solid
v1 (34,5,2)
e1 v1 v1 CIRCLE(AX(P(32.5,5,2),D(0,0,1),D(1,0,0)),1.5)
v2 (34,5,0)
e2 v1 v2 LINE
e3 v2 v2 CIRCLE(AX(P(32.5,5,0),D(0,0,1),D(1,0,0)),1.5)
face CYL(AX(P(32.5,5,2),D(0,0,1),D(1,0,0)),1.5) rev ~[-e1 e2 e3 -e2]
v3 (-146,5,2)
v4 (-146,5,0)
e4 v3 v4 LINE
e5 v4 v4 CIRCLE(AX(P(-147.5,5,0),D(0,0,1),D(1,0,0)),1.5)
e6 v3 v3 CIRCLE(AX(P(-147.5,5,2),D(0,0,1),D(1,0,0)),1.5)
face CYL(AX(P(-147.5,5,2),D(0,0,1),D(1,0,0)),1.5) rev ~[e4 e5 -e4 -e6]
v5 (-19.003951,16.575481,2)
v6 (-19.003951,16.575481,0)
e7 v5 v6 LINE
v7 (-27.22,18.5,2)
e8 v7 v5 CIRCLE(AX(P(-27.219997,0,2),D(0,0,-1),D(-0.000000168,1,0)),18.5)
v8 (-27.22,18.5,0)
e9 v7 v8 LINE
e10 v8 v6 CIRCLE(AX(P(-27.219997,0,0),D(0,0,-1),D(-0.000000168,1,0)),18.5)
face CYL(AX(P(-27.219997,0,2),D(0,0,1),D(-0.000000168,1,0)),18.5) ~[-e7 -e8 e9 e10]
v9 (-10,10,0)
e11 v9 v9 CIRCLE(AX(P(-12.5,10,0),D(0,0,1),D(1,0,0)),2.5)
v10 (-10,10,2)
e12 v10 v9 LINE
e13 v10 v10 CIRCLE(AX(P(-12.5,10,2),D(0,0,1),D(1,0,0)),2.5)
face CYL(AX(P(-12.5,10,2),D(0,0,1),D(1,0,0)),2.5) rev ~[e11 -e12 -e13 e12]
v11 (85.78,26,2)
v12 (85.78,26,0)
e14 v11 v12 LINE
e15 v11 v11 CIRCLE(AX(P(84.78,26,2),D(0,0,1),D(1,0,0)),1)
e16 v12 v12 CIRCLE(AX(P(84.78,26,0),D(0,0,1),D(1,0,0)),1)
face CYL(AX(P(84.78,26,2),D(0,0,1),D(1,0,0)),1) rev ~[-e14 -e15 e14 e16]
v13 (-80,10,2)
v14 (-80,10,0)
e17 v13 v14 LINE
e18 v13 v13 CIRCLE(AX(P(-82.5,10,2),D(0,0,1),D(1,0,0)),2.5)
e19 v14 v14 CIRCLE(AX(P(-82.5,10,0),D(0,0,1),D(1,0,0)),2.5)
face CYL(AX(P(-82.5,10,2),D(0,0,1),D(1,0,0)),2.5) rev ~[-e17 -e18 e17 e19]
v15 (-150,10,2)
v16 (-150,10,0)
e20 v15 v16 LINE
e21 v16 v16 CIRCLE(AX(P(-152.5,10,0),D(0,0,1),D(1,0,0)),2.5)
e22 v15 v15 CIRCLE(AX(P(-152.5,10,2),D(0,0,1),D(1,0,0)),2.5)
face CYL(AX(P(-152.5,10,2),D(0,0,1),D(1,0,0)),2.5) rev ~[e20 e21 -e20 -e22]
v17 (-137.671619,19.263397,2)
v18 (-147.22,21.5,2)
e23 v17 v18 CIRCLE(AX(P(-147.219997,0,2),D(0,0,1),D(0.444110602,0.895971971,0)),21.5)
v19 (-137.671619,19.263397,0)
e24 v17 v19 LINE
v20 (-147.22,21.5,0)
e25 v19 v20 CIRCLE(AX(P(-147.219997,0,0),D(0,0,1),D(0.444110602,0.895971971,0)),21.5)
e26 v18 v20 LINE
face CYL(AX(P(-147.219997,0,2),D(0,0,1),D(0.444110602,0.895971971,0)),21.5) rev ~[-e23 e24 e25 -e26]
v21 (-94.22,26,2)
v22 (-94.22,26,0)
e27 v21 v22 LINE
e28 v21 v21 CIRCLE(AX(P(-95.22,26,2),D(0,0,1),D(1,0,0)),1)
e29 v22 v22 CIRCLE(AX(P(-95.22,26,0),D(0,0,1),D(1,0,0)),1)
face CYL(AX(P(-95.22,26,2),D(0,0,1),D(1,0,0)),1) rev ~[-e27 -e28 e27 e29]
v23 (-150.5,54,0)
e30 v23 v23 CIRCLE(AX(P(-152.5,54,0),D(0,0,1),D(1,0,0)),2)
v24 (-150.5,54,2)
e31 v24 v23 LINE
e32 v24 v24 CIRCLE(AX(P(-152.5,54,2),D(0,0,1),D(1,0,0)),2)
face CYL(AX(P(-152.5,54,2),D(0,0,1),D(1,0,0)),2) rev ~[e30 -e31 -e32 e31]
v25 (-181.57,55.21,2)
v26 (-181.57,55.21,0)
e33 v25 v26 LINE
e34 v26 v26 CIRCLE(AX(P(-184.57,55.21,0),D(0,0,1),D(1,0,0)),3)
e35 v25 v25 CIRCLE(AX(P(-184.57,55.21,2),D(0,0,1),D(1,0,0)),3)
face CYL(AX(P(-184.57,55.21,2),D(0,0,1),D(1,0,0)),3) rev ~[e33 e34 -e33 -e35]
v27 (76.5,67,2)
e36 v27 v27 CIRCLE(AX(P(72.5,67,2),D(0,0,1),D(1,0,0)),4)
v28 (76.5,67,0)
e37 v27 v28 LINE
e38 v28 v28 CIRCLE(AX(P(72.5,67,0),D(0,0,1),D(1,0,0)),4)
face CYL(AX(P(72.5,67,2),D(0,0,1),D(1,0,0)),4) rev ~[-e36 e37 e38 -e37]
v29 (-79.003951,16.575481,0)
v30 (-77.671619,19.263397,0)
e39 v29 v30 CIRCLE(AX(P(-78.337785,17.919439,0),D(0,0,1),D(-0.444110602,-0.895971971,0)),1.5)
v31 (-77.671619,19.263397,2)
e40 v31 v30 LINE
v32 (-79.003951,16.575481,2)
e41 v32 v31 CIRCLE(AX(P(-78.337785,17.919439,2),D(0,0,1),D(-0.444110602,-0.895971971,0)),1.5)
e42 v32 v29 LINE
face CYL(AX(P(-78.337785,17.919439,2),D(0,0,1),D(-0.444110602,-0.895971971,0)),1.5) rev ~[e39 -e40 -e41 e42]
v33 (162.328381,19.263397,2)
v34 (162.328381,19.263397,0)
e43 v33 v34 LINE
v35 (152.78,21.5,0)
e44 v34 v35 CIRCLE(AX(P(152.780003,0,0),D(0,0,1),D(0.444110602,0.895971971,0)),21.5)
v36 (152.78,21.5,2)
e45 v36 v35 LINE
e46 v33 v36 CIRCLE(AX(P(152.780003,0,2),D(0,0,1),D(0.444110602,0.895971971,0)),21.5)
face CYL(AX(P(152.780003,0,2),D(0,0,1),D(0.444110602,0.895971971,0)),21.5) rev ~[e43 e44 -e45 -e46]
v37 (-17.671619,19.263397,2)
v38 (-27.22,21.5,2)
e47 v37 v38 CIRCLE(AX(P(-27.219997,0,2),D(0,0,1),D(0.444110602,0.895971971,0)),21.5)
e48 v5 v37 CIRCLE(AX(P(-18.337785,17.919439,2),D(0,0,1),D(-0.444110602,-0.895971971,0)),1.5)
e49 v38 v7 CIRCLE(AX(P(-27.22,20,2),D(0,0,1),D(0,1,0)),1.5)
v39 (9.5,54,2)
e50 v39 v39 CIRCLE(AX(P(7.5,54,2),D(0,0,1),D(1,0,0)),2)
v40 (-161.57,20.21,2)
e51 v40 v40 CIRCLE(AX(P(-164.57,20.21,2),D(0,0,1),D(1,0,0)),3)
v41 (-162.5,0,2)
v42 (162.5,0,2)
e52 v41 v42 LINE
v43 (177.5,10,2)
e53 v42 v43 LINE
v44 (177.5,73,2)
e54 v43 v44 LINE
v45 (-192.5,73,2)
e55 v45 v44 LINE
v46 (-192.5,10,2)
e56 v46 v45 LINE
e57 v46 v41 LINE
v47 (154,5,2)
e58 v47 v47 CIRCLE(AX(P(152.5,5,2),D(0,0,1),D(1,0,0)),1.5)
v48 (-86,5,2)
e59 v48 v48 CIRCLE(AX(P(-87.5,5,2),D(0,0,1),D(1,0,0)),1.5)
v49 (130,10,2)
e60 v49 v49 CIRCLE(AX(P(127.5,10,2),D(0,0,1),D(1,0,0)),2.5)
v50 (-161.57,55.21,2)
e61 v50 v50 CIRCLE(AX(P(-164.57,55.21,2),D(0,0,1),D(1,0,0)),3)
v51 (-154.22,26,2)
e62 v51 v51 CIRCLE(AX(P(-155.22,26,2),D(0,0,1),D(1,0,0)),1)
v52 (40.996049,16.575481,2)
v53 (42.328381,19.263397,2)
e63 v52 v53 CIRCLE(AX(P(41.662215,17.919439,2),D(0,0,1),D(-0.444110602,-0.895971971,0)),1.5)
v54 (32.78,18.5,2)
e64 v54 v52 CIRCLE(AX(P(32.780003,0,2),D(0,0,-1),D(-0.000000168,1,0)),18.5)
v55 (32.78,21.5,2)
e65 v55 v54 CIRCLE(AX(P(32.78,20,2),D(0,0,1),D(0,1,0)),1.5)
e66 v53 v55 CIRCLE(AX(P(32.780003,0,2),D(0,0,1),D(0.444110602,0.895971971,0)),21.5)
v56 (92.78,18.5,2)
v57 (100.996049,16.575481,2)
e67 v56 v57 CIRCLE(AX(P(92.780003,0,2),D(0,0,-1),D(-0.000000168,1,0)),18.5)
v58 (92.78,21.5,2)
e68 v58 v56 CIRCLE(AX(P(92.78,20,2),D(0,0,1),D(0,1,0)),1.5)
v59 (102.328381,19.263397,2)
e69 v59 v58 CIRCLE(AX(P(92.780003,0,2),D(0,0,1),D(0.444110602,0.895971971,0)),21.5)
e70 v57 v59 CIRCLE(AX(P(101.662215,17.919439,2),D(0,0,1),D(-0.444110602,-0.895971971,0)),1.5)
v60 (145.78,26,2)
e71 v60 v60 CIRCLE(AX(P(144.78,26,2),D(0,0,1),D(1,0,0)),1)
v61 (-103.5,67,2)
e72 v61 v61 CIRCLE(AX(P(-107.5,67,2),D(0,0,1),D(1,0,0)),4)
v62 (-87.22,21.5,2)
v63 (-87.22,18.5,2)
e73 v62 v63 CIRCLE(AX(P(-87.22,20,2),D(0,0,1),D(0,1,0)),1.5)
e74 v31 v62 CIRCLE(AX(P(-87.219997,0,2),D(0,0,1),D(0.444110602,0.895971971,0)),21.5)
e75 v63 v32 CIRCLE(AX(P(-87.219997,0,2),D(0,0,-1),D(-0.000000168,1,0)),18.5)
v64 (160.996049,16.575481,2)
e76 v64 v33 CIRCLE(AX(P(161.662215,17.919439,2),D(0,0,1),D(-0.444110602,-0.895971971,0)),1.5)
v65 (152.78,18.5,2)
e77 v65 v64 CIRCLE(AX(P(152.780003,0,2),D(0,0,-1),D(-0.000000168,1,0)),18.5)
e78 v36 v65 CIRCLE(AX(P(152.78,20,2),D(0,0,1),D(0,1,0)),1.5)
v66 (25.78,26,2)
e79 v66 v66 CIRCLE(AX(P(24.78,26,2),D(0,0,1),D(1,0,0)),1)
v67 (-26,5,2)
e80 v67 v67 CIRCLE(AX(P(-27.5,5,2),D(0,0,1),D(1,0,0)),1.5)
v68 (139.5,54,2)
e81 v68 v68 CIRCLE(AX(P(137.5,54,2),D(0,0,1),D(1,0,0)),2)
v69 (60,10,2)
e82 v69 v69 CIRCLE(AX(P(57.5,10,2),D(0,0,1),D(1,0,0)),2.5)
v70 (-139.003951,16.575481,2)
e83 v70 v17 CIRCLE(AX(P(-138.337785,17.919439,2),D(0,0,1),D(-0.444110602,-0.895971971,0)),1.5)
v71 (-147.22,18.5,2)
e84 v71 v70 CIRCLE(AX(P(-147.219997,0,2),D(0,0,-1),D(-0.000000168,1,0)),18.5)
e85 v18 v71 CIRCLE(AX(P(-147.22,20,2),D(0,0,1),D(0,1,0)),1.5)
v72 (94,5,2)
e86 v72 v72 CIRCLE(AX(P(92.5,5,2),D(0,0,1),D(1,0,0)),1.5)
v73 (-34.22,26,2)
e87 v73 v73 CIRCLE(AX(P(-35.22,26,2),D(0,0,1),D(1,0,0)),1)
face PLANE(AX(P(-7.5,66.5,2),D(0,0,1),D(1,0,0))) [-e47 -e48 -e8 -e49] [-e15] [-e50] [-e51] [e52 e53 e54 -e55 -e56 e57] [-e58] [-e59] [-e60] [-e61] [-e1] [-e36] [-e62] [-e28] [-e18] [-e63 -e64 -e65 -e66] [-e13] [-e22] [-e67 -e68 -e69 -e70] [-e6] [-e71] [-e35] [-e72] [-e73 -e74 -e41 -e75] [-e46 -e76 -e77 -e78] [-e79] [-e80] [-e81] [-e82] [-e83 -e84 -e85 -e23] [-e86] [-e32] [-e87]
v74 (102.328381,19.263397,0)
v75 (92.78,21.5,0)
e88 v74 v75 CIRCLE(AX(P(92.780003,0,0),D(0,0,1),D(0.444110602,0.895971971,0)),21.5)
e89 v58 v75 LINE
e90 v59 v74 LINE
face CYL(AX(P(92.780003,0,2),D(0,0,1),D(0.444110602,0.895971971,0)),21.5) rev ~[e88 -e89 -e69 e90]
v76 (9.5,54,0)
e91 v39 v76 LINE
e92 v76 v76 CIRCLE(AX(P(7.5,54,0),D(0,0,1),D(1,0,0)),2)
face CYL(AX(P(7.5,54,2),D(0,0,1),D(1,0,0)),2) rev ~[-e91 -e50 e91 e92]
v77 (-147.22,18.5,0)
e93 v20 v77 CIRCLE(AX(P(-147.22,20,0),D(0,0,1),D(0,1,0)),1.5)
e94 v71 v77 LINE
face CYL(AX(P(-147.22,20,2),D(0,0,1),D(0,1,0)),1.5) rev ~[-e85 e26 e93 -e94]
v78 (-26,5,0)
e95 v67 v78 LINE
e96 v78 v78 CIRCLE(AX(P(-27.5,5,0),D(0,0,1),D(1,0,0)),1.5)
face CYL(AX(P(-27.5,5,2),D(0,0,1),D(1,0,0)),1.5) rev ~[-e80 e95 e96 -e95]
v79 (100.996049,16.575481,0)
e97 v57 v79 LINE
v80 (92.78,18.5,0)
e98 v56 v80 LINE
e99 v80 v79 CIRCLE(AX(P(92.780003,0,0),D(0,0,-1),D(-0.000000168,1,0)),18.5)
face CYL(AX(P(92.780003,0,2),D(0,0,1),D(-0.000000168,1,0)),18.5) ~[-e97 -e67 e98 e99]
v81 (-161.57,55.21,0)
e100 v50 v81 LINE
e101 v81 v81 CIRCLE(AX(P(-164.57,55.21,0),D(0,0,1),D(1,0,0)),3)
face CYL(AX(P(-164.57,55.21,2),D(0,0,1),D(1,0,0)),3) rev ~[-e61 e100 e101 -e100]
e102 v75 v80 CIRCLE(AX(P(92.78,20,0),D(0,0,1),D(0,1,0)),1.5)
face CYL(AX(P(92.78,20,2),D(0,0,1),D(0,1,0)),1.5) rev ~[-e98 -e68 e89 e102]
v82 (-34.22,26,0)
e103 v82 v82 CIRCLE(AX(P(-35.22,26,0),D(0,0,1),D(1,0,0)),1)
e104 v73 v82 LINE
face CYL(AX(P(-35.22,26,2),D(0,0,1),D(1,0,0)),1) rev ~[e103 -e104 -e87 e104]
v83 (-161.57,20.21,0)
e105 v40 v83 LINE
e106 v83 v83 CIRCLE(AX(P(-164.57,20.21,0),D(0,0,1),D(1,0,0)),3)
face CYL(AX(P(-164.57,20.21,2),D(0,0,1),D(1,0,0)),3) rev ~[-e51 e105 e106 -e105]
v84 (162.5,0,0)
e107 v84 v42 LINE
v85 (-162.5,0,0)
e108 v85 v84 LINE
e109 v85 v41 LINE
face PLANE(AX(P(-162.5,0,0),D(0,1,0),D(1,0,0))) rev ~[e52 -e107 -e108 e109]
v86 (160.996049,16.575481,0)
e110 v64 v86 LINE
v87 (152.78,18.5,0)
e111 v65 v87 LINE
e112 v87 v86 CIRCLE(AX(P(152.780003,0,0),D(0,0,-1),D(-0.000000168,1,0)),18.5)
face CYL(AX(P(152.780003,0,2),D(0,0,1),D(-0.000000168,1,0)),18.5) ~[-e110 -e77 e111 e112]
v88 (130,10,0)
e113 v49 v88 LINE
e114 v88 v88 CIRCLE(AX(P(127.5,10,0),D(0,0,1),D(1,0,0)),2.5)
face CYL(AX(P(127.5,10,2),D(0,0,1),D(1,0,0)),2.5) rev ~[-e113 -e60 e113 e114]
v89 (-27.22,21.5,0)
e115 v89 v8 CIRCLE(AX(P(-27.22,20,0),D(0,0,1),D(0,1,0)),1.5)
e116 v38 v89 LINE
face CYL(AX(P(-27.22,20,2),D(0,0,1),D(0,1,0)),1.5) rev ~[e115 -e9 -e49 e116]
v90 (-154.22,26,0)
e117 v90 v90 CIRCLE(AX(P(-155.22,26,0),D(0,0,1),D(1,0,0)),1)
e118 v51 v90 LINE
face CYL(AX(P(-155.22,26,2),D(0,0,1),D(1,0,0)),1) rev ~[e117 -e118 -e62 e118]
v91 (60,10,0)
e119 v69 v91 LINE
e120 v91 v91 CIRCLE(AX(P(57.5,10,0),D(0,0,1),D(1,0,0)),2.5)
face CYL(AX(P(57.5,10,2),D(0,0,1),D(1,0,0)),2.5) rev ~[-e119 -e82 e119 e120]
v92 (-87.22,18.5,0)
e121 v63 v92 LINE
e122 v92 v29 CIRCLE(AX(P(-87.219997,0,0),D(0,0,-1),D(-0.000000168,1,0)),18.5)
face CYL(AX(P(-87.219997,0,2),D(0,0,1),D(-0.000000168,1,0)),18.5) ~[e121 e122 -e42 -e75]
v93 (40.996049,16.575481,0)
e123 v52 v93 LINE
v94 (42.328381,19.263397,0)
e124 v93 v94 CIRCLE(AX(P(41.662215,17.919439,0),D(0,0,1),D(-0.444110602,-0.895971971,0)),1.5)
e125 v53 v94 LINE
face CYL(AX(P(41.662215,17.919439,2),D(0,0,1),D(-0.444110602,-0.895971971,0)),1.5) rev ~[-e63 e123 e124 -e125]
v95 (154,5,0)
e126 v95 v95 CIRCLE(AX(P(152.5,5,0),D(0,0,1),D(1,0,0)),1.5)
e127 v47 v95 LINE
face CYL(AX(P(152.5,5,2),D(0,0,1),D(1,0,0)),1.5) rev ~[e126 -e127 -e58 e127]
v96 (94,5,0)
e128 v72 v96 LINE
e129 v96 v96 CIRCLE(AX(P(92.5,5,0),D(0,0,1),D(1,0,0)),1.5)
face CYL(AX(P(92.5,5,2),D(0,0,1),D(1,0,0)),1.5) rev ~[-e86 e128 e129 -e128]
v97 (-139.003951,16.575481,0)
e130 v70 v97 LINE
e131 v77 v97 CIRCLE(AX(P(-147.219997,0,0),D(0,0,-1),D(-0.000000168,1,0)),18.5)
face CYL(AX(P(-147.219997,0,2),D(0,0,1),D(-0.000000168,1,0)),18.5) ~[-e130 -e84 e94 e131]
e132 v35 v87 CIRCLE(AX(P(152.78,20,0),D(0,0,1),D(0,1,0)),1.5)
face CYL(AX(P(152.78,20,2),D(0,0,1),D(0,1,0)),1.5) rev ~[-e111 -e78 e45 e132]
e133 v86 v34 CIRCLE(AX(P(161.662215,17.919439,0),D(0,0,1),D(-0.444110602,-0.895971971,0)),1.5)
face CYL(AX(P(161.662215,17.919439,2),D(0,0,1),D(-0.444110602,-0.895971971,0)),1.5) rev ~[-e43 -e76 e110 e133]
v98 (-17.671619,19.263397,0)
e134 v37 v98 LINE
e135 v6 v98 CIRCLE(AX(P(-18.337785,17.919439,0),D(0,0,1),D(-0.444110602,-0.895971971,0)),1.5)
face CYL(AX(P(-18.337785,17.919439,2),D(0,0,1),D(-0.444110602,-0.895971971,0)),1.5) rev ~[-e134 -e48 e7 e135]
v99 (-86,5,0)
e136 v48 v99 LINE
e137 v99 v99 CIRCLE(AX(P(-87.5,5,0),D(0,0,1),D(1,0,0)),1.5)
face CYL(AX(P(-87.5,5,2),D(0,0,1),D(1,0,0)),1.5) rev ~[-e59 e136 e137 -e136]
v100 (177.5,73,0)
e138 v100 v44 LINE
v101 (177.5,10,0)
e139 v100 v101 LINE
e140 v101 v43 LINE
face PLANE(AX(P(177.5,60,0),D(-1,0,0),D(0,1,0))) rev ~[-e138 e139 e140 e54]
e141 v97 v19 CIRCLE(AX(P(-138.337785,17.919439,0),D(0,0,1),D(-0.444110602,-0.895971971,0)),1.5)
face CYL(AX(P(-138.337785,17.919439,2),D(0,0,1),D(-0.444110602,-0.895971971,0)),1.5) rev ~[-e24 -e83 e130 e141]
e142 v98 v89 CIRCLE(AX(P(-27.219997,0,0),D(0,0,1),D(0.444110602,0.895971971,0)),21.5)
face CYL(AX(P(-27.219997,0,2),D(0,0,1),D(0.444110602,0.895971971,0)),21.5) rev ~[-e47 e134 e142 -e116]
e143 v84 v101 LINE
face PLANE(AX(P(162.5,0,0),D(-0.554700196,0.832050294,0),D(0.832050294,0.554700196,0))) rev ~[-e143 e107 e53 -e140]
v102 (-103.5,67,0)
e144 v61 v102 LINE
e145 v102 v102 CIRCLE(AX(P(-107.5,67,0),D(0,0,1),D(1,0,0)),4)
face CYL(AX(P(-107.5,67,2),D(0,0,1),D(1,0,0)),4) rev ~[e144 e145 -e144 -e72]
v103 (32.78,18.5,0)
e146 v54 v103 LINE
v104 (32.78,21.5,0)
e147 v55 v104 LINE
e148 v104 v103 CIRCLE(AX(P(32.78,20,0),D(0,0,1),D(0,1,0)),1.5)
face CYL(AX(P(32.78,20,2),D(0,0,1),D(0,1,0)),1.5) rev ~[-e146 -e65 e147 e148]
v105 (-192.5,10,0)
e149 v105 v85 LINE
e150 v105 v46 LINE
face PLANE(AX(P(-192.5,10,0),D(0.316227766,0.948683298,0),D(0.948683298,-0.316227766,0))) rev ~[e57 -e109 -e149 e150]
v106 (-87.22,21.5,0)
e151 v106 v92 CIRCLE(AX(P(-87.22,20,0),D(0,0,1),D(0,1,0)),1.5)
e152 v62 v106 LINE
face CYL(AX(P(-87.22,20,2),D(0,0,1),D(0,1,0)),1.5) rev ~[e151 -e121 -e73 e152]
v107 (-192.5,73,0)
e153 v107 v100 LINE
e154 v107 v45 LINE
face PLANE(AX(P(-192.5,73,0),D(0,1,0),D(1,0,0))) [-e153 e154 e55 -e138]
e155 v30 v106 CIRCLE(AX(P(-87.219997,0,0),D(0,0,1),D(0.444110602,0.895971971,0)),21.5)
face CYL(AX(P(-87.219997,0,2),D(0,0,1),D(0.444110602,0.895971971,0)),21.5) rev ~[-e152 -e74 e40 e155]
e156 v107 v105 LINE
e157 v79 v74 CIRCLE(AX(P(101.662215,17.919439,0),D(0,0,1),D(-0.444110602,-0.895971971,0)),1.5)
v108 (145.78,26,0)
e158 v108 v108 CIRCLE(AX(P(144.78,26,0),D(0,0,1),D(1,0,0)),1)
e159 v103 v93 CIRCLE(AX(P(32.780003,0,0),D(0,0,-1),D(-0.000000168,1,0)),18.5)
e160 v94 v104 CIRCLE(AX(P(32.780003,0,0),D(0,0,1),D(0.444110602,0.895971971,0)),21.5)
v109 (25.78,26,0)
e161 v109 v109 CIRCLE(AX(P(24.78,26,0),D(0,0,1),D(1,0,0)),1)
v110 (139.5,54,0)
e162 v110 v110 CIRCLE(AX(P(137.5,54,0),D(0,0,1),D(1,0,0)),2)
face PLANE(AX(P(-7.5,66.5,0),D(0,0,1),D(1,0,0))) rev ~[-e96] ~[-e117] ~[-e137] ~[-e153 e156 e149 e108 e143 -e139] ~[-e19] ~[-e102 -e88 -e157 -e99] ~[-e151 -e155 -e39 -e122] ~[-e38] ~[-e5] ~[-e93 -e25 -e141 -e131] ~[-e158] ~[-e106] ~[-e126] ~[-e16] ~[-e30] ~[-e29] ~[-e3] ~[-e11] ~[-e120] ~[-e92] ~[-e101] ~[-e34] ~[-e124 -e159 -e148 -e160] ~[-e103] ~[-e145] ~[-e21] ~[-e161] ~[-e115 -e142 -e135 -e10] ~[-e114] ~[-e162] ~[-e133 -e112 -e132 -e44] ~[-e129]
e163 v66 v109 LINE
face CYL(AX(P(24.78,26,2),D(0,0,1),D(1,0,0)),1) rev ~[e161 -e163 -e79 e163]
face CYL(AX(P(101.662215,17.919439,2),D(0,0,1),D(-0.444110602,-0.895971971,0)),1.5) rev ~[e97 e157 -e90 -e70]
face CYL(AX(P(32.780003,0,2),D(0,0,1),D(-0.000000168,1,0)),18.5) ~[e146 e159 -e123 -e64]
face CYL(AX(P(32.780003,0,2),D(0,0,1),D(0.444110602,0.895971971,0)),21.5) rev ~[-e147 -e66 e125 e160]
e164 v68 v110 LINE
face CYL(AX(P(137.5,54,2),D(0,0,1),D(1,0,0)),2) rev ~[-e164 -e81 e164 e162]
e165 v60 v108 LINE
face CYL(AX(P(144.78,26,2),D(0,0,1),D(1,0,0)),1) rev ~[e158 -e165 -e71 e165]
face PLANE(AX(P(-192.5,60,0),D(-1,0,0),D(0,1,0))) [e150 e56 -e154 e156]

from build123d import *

# Parameters (mm, degrees)
EXTRUDE_1_DEPTH        = 2
SKETCH_2_R             = 1.5
CUT_EXTRUDE_1_DEPTH    = 2
PATTERN_LINEAR_1_COUNT = 6
PATTERN_LINEAR_1_PITCH = 60
SKETCH_3_R             = 2.5
CUT_EXTRUDE_2_DEPTH    = 2
PATTERN_LINEAR_2_COUNT = 5
PATTERN_LINEAR_2_PITCH = 70
SKETCH_4_R             = 2
CUT_EXTRUDE_3_DEPTH    = 2
CUT_EXTRUDE_5_REACH    = 4
SKETCH_6_R             = 3
CUT_EXTRUDE_6_DEPTH    = 2
PATTERN_LINEAR_3_COUNT = 6
PATTERN_LINEAR_3_PITCH = 60
SKETCH_8_R             = 1
CUT_EXTRUDE_7_DEPTH    = 2
PATTERN_LINEAR_4_COUNT = 6
PATTERN_LINEAR_4_PITCH = 60
SKETCH_9_W             = 370
SKETCH_9_H             = 13
EXTRUDE_2_DEPTH        = 2
SKETCH_10_R            = 4
CUT_EXTRUDE_8_DEPTH    = 2


with BuildPart() as part:
    # 草图1 → 凸台-拉伸1 (new body)
    with BuildSketch(Plane.XY):
        Polygon((-162.5, 0), (162.5, 0), (177.5, 10), (177.5, 60), (-192.5, 60), (-192.5, 10), align=None)
    extrude(amount=EXTRUDE_1_DEPTH)

    # 草图2 → 切除-拉伸1 (cut)
    with BuildSketch(Plane.XY.offset(2)):
        with Locations((-147.5, 5)):
            Circle(SKETCH_2_R)
    cut_extrude_1 = extrude(amount=-CUT_EXTRUDE_1_DEPTH, mode=Mode.SUBTRACT)

    # 阵列(线性)1: 切除-拉伸1 ×6
    with Locations(*[(i * PATTERN_LINEAR_1_PITCH, 0, 0) for i in range(1, PATTERN_LINEAR_1_COUNT)]):
        add(cut_extrude_1, mode=Mode.SUBTRACT)

    # 草图3 → 切除-拉伸2 (cut)
    with BuildSketch(Plane.XY.offset(2)):
        with Locations((-152.5, 10)):
            Circle(SKETCH_3_R)
    cut_extrude_2 = extrude(amount=-CUT_EXTRUDE_2_DEPTH, mode=Mode.SUBTRACT)

    # 阵列(线性)2: 切除-拉伸2 ×5
    with Locations(*[(i * PATTERN_LINEAR_2_PITCH, 0, 0) for i in range(1, PATTERN_LINEAR_2_COUNT)]):
        add(cut_extrude_2, mode=Mode.SUBTRACT)

    # 草图4 → 切除-拉伸3 (cut)
    with BuildSketch(Plane.XY.offset(2)):
        with Locations((-152.5, 54)):
            Circle(SKETCH_4_R)
        with Locations((7.5, 54)):
            Circle(SKETCH_4_R)
        with Locations((137.5, 54)):
            Circle(SKETCH_4_R)
    extrude(amount=-CUT_EXTRUDE_3_DEPTH, mode=Mode.SUBTRACT)

    # 草图6 → 切除-拉伸5 (cut, up to next)
    with BuildSketch(Plane.XY.offset(2), mode=Mode.PRIVATE) as cut_extrude_5_sk1:
        with Locations((-184.57, 55.21)):
            Circle(SKETCH_6_R)
    cut_extrude_5_tool1 = extrude(cut_extrude_5_sk1.sketch, amount=-CUT_EXTRUDE_5_REACH, mode=Mode.PRIVATE) & part.part
    add(cut_extrude_5_tool1.solids().sort_by_distance((-184.57, 55.21, 2))[0], mode=Mode.SUBTRACT)
    # 草图6 → 切除-拉伸5 (cut, up to next)
    with BuildSketch(Plane.XY.offset(2), mode=Mode.PRIVATE) as cut_extrude_5_sk2:
        with Locations((-164.57, 55.21)):
            Circle(SKETCH_6_R)
    cut_extrude_5_tool2 = extrude(cut_extrude_5_sk2.sketch, amount=-CUT_EXTRUDE_5_REACH, mode=Mode.PRIVATE) & part.part
    add(cut_extrude_5_tool2.solids().sort_by_distance((-164.57, 55.21, 2))[0], mode=Mode.SUBTRACT)
    # 草图6 → 切除-拉伸5 (cut, up to next)
    with BuildSketch(Plane.XY.offset(2), mode=Mode.PRIVATE) as cut_extrude_5_sk3:
        with Locations((-164.57, 20.21)):
            Circle(SKETCH_6_R)
    cut_extrude_5_tool3 = extrude(cut_extrude_5_sk3.sketch, amount=-CUT_EXTRUDE_5_REACH, mode=Mode.PRIVATE) & part.part
    add(cut_extrude_5_tool3.solids().sort_by_distance((-164.57, 20.21, 2))[0], mode=Mode.SUBTRACT)

    # 草图7 → 切除-拉伸6 (cut)
    with BuildSketch(Plane.XY.offset(2)):
        with BuildLine():
            ThreePointArc((-147.22, 21.5), (-148.72, 20), (-147.22, 18.5))
            ThreePointArc((-147.22, 18.5), (-143.000780895, 18.012446152), (-139.003950762, 16.575481472))
            ThreePointArc((-139.003950762, 16.575481472), (-136.993826903, 17.253273526), (-137.671618958, 19.263397386))
            ThreePointArc((-137.671618958, 19.263397386), (-142.316583462, 20.933383309), (-147.22, 21.5))
        make_face()
    cut_extrude_6 = extrude(amount=-CUT_EXTRUDE_6_DEPTH, mode=Mode.SUBTRACT)

    # 阵列(线性)3: 切除-拉伸6 ×6
    with Locations(*[(i * PATTERN_LINEAR_3_PITCH, 0, 0) for i in range(1, PATTERN_LINEAR_3_COUNT)]):
        add(cut_extrude_6, mode=Mode.SUBTRACT)

    # 草图8 → 切除-拉伸7 (cut)
    with BuildSketch(Plane.XY.offset(2)):
        with Locations((-155.22, 26)):
            Circle(SKETCH_8_R)
    cut_extrude_7 = extrude(amount=-CUT_EXTRUDE_7_DEPTH, mode=Mode.SUBTRACT)

    # 阵列(线性)4: 切除-拉伸7 ×6
    with Locations(*[(i * PATTERN_LINEAR_4_PITCH, 0, 0) for i in range(1, PATTERN_LINEAR_4_COUNT)]):
        add(cut_extrude_7, mode=Mode.SUBTRACT)

    # 草图9 → 凸台-拉伸2 (add)
    with BuildSketch(Plane.XY):
        with Locations((-7.5, 66.5)):
            Rectangle(SKETCH_9_W, SKETCH_9_H)
    extrude(amount=EXTRUDE_2_DEPTH)

    # 草图10 → 切除-拉伸8 (cut)
    with BuildSketch(Plane.XY.offset(2)):
        with Locations((-107.5, 67)):
            Circle(SKETCH_10_R)
        with Locations((72.5, 67)):
            Circle(SKETCH_10_R)
    extrude(amount=-CUT_EXTRUDE_8_DEPTH, mode=Mode.SUBTRACT)


solid = part.part
